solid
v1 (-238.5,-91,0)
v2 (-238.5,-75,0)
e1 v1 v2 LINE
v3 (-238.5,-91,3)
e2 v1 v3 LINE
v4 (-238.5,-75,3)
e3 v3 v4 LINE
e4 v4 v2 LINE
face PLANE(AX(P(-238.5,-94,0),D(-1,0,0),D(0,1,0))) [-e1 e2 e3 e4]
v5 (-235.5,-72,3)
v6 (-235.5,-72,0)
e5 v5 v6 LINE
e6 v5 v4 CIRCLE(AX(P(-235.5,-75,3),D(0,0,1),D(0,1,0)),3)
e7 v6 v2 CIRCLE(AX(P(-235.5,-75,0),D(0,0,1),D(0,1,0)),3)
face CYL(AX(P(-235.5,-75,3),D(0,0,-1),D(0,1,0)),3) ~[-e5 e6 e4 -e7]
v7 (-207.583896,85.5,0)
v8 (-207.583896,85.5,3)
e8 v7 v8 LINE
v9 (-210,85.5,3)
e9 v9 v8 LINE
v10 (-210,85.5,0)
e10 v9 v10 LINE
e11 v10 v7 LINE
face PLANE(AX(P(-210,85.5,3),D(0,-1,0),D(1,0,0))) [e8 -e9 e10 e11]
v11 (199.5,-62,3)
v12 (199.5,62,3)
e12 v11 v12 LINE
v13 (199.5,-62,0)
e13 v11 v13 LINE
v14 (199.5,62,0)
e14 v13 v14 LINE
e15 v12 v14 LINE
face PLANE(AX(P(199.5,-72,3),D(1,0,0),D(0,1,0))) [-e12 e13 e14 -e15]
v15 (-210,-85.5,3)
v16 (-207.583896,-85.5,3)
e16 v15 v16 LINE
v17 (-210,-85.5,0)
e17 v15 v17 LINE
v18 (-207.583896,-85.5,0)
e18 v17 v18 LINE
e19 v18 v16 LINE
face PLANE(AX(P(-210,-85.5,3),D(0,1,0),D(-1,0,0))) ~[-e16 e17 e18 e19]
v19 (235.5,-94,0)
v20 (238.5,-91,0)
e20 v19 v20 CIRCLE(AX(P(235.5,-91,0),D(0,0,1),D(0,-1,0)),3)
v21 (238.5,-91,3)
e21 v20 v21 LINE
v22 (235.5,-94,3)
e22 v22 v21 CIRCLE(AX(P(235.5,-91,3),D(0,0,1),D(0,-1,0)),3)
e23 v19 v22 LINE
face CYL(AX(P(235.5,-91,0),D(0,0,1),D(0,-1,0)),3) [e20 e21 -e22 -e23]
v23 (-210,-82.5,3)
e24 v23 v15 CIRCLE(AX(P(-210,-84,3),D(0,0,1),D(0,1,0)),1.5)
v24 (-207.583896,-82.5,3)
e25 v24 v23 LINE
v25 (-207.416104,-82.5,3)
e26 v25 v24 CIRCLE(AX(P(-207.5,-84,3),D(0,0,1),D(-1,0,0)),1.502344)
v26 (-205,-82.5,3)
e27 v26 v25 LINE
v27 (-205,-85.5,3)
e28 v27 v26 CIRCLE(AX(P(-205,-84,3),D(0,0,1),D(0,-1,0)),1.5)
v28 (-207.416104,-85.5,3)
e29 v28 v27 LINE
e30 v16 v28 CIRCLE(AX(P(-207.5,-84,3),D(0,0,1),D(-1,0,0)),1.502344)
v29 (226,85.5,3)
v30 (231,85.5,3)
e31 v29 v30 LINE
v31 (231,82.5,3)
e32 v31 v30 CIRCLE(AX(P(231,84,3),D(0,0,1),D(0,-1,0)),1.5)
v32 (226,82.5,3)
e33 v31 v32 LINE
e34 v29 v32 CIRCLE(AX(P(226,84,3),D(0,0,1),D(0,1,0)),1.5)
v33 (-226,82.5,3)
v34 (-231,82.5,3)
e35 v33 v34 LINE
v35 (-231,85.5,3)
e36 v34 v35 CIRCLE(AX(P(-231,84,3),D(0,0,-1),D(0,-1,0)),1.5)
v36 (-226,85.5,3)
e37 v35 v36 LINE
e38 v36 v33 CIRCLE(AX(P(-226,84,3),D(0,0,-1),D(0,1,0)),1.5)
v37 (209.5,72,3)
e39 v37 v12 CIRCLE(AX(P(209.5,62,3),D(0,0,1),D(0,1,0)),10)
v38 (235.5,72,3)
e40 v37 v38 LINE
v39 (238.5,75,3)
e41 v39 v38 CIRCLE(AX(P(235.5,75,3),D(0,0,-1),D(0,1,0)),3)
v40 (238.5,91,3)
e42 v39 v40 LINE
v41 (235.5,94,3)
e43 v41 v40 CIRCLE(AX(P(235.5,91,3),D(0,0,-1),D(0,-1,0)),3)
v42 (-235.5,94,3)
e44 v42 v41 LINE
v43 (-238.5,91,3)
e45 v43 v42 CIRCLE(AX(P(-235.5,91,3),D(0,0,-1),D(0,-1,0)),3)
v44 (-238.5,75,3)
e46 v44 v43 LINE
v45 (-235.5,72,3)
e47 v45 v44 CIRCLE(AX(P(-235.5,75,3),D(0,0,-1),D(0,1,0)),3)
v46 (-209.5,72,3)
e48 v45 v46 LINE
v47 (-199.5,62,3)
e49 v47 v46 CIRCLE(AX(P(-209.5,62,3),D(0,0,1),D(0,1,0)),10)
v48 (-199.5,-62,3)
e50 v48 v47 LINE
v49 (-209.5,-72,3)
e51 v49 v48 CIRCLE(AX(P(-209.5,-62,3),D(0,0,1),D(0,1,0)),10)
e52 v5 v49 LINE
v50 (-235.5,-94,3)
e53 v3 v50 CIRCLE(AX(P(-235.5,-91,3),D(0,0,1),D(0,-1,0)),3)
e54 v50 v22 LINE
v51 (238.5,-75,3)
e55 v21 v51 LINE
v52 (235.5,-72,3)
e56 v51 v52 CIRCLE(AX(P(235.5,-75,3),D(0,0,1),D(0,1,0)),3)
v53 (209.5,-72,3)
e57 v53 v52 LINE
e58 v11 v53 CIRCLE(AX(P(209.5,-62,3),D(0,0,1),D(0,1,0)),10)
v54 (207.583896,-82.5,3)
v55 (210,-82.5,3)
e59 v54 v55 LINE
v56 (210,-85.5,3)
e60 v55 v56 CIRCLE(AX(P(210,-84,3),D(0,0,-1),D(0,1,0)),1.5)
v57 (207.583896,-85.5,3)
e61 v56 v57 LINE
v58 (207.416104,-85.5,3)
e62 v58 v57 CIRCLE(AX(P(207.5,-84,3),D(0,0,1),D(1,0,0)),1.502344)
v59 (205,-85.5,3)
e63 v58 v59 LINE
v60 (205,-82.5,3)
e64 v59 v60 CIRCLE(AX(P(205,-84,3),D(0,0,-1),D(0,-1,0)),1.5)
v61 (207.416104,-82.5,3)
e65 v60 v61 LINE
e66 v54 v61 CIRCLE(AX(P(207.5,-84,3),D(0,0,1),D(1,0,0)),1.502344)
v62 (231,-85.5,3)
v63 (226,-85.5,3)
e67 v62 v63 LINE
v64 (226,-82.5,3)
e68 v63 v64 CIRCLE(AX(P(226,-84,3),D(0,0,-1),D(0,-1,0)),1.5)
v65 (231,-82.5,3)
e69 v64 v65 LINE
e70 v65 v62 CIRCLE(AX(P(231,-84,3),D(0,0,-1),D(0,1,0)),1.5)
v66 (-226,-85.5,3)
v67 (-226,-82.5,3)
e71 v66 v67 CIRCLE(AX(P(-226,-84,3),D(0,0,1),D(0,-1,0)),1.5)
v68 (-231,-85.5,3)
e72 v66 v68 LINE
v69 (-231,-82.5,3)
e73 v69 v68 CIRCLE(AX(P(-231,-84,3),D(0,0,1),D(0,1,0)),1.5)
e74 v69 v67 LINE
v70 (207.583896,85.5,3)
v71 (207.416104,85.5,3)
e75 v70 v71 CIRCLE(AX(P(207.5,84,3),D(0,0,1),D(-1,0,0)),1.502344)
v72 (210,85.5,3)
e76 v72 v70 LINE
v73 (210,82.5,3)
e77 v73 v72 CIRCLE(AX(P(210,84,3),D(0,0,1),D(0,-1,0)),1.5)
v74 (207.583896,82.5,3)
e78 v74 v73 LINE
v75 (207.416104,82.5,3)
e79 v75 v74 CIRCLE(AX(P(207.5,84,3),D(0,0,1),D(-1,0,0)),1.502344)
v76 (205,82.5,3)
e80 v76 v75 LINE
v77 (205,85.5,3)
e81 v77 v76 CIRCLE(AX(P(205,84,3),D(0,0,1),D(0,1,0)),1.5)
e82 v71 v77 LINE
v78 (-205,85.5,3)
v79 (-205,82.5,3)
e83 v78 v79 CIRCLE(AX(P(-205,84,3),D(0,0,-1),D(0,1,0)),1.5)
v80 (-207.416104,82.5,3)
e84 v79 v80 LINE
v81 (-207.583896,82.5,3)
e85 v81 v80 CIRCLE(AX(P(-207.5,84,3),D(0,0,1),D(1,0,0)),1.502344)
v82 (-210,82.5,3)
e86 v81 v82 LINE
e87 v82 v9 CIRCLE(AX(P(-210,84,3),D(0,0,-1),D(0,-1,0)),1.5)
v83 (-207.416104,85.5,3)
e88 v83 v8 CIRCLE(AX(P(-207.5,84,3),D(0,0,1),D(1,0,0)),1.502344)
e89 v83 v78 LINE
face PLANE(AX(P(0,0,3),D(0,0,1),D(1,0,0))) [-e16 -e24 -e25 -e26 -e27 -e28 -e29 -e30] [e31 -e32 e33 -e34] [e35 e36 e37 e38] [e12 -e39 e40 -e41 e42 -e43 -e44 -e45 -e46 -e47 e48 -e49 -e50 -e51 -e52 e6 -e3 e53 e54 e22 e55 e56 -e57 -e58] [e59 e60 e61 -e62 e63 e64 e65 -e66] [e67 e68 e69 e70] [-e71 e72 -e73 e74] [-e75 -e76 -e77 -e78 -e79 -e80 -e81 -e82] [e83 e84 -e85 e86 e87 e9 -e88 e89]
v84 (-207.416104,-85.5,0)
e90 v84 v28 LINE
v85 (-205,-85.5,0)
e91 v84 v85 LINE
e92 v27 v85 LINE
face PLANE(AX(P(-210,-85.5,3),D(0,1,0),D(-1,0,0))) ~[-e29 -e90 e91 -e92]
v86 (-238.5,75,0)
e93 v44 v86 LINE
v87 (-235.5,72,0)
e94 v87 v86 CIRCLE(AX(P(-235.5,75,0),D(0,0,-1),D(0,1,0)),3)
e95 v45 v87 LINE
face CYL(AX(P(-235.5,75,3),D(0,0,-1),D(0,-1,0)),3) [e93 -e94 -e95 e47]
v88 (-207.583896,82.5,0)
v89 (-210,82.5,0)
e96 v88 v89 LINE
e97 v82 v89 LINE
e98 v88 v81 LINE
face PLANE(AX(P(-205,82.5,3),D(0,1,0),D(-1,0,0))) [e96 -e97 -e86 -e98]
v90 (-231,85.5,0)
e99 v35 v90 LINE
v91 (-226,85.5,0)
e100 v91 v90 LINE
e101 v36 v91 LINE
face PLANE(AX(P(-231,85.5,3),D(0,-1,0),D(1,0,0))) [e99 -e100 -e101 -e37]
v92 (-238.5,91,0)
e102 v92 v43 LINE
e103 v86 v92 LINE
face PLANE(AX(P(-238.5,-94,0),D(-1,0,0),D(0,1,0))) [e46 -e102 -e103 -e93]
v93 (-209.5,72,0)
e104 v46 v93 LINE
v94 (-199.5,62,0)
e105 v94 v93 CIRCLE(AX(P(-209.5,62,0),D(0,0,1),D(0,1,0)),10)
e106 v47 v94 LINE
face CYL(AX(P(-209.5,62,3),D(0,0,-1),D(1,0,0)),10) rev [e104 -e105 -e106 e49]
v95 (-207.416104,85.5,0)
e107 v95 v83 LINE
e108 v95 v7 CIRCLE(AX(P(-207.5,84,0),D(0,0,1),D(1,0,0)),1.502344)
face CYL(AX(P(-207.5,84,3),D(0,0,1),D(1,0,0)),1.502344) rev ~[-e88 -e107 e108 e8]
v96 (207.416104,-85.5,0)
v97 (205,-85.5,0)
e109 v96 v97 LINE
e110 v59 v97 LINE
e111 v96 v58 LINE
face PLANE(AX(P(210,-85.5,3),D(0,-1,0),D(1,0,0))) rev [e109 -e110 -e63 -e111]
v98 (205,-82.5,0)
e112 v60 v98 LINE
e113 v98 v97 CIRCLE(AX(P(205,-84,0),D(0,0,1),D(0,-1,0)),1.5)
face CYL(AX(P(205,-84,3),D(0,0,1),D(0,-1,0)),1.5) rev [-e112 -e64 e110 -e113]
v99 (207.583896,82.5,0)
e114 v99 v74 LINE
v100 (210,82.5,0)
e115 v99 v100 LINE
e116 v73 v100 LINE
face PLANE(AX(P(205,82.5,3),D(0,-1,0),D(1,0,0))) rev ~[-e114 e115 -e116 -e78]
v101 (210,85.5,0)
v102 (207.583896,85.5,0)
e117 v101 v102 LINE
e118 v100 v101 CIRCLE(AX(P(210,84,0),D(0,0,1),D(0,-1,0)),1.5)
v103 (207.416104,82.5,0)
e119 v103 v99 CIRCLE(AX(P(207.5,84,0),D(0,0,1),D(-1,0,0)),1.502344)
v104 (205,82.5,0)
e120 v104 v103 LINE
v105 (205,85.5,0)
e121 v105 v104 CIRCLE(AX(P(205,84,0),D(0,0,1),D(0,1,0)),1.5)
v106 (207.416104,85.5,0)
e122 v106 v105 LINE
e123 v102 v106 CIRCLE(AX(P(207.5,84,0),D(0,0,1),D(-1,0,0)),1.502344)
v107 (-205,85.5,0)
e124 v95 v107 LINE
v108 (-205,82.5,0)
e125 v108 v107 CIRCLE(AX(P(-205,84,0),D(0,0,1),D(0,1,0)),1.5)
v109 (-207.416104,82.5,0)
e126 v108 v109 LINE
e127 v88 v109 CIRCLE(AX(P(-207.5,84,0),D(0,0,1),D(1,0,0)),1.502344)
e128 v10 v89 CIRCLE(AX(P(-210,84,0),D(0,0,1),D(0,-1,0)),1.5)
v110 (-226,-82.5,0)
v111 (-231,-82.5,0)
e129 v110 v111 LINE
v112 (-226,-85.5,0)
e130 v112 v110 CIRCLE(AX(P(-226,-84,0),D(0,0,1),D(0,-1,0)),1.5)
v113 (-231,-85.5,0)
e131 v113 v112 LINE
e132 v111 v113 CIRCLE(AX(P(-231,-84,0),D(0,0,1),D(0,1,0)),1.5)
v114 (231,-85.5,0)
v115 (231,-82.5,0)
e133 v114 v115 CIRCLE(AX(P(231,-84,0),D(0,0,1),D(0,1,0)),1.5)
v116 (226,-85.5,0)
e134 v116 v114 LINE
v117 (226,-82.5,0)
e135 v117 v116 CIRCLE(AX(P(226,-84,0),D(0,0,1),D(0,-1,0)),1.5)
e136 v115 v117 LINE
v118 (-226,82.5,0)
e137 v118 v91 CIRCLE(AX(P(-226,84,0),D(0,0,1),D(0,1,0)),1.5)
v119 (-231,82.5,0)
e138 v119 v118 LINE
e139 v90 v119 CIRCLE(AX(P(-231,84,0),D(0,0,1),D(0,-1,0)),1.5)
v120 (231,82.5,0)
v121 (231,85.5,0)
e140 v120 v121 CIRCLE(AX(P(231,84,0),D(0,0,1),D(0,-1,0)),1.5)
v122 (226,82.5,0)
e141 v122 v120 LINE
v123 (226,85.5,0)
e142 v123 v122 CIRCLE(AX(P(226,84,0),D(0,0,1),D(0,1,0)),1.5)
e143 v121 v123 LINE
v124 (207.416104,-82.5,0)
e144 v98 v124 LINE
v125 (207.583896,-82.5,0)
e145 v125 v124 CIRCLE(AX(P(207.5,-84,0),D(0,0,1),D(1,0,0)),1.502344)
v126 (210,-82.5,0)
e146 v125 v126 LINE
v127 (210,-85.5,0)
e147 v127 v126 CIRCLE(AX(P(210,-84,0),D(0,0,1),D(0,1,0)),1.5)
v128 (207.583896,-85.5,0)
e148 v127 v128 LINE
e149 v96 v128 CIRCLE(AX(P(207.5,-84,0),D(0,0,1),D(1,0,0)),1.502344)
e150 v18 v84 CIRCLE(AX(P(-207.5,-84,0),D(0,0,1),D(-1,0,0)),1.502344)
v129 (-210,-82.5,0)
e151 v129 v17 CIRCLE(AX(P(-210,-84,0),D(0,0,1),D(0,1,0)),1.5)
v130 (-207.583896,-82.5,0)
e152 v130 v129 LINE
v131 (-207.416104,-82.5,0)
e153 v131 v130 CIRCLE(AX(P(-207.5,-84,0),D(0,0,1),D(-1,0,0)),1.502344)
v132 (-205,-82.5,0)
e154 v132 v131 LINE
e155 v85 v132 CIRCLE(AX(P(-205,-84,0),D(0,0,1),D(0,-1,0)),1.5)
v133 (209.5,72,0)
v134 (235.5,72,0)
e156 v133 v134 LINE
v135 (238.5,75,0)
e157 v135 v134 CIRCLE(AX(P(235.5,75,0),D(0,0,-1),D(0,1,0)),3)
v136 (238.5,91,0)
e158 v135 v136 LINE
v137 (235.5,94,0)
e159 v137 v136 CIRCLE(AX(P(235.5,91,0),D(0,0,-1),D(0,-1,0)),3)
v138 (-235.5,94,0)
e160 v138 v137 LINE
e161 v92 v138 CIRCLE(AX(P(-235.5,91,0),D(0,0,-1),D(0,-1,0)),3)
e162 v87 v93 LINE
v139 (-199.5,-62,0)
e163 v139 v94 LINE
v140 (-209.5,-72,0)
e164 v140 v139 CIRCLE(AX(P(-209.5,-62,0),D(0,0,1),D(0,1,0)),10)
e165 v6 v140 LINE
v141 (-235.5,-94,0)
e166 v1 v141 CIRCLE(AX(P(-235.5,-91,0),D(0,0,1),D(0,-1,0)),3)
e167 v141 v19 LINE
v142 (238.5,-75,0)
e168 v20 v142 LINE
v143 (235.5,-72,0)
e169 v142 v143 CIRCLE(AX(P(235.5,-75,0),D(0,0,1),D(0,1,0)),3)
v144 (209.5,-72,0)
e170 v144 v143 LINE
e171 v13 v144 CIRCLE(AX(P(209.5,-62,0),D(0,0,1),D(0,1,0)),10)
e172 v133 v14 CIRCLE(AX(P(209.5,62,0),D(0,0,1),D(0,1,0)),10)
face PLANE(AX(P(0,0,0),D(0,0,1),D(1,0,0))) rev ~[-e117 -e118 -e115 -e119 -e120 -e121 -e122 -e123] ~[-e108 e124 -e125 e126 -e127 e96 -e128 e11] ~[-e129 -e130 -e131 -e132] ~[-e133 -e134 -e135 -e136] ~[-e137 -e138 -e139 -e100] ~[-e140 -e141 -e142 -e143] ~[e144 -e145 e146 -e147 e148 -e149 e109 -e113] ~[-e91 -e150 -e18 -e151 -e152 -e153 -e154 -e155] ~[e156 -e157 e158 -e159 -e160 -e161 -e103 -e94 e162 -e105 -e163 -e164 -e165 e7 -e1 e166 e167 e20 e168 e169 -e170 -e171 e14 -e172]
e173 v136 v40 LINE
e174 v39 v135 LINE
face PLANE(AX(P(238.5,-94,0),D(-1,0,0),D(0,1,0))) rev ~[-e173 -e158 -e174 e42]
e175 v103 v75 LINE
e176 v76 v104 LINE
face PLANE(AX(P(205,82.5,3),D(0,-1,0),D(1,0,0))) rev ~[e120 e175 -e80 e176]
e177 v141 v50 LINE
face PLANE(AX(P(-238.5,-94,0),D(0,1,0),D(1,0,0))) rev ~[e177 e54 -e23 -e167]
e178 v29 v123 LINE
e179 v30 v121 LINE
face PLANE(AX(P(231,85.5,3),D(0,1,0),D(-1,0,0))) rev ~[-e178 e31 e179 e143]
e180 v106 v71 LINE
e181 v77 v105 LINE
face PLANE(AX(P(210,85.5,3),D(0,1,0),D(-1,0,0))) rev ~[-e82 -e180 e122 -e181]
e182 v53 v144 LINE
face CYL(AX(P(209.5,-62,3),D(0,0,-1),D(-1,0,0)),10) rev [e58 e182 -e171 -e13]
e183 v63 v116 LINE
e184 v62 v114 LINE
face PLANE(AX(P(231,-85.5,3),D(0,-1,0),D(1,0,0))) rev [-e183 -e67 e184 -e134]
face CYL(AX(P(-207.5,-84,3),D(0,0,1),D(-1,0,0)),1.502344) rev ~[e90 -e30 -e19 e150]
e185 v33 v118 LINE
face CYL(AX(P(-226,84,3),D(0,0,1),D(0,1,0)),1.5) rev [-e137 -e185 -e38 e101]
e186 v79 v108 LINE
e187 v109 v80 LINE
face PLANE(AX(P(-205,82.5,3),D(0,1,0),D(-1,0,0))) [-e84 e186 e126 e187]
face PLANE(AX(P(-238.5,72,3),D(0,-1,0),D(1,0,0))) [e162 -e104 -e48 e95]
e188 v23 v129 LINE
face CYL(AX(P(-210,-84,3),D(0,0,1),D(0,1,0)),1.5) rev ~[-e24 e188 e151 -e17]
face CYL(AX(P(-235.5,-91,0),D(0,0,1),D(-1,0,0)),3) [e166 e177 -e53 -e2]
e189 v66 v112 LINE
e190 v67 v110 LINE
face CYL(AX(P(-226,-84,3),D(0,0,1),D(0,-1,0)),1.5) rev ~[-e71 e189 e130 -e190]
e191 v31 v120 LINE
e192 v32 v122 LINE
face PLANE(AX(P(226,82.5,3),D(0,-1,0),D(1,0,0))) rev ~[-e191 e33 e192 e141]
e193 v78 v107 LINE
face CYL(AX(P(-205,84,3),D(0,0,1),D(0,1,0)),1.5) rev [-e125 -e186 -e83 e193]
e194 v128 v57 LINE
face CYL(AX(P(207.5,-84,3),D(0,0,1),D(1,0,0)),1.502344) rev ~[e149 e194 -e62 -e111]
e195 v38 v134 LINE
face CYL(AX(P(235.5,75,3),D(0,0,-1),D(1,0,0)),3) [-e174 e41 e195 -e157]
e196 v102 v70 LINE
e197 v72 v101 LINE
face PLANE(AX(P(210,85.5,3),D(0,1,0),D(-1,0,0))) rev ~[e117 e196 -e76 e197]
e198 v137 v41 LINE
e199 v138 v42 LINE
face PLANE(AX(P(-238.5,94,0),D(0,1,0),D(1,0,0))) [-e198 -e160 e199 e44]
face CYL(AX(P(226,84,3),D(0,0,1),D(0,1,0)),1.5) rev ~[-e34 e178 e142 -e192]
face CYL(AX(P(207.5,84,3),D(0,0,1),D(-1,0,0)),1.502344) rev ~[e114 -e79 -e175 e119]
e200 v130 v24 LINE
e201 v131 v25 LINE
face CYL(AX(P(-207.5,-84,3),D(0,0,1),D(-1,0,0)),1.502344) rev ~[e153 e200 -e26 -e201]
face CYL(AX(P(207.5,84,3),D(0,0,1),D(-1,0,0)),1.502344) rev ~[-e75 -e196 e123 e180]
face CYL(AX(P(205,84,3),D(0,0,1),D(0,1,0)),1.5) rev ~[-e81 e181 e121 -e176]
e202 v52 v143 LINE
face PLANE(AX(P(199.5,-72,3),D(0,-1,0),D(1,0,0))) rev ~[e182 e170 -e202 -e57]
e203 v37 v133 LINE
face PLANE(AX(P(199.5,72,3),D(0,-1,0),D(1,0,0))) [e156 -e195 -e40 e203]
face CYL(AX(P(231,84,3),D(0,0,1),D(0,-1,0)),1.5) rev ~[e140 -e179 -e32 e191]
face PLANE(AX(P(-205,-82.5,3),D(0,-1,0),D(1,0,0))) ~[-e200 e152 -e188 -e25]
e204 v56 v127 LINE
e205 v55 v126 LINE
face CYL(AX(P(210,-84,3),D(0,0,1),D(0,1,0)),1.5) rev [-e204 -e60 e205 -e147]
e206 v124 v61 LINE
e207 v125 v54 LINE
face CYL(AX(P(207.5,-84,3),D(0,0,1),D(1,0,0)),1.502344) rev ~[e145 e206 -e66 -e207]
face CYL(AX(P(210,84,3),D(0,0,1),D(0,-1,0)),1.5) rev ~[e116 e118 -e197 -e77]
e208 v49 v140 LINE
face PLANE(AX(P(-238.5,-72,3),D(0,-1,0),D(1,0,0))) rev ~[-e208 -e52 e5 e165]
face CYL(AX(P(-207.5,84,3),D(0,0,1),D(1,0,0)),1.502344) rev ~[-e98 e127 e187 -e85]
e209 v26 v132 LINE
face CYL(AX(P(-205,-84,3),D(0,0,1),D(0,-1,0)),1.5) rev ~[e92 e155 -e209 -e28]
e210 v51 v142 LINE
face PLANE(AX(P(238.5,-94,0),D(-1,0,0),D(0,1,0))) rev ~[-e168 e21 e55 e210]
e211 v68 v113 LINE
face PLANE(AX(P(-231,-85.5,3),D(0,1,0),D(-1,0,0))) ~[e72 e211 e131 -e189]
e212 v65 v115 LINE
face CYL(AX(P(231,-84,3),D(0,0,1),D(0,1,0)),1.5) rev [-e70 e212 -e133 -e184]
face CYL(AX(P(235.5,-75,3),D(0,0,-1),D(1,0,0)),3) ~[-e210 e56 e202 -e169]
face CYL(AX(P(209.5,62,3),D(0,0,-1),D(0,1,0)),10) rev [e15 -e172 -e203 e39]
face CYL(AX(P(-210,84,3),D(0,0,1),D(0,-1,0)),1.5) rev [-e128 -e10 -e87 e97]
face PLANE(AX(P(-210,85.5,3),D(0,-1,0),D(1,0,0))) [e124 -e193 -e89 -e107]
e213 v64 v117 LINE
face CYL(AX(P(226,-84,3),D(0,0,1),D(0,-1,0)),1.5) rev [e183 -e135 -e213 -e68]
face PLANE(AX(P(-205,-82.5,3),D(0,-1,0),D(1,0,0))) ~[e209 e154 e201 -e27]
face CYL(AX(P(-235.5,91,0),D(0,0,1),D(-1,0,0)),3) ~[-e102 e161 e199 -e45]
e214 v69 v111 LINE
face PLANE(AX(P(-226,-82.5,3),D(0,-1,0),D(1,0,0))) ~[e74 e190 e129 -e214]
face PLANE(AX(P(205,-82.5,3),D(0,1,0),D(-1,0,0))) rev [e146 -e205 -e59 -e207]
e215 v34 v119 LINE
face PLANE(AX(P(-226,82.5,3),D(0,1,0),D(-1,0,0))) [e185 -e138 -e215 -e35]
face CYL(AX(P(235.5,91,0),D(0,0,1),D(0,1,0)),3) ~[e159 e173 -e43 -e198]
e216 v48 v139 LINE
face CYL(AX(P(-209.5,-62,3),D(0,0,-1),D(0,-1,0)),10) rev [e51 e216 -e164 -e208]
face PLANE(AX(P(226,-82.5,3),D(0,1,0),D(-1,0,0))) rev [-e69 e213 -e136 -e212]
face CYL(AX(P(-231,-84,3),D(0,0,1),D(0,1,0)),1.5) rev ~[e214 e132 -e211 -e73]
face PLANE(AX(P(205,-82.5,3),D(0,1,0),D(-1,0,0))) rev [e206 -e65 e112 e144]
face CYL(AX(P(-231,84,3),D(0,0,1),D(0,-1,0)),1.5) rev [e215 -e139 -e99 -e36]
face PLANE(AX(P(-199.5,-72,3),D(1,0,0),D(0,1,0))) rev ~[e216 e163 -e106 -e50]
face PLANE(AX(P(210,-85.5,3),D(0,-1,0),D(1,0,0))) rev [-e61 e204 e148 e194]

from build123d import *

# Parameters (mm, degrees)
SKETCH_1_W          = 477
SKETCH_1_H          = 188
EXTRUDE_1_DEPTH     = 3
SKETCH_2_R          = 1.5
SKETCH_2_R_2        = 1.502344372
CUT_EXTRUDE_1_DEPTH = 257.373263037
CUT_EXTRUDE_3_DEPTH = 10
SKETCH_3_W          = 39
SKETCH_3_H          = 144
CUT_EXTRUDE_4_DEPTH = 10
FILLET_1_R          = 10
FILLET_2_R          = 3


with BuildPart() as part:
    # 草图1 → 凸台-拉伸1 (new body)
    with BuildSketch(Plane.XY):
        Rectangle(SKETCH_1_W, SKETCH_1_H)
    extrude(amount=EXTRUDE_1_DEPTH)

    # 草图2 → 切除-拉伸1 (cut, through all)
    with BuildSketch(Plane.XY.offset(3)):
        with Locations((228.5, 84)):
            Circle(SKETCH_2_R)
        with Locations((-228.5, 84)):
            Circle(SKETCH_2_R)
        with Locations((-228.5, -84)):
            Circle(SKETCH_2_R)
        with Locations((228.5, -84)):
            Circle(SKETCH_2_R)
        with Locations((207.5, -84)):
            Circle(SKETCH_2_R_2)
        with Locations(Location((207.5, 84, 0), (0, 0, 180))):
            Circle(SKETCH_2_R_2)
        with Locations(Location((-207.5, -84, 0), (0, 0, 180))):
            Circle(SKETCH_2_R_2)
        with Locations((-207.5, 84)):
            Circle(SKETCH_2_R_2)
    extrude(amount=-CUT_EXTRUDE_1_DEPTH, mode=Mode.SUBTRACT)

    # 草图4 → 切除-拉伸3 (cut)
    with BuildSketch(Plane.XY.offset(3)):
        with BuildLine():
            Line((-231, 85.5), (-226, 85.5))
            ThreePointArc((-226, 85.5), (-224.5, 84), (-226, 82.5))
            Line((-226, 82.5), (-231, 82.5))
            ThreePointArc((-231, 82.5), (-232.5, 84), (-231, 85.5))
        make_face()
        with BuildLine():
            Line((-210, 85.5), (-205, 85.5))
            ThreePointArc((-205, 85.5), (-203.5, 84), (-205, 82.5))
            Line((-205, 82.5), (-210, 82.5))
            ThreePointArc((-210, 82.5), (-211.5, 84), (-210, 85.5))
        make_face()
        with BuildLine():
            Line((231, 85.5), (226, 85.5))
            ThreePointArc((226, 85.5), (224.5, 84), (226, 82.5))
            Line((226, 82.5), (231, 82.5))
            ThreePointArc((231, 82.5), (232.5, 84), (231, 85.5))
        make_face()
        with BuildLine():
            Line((210, 85.5), (205, 85.5))
            ThreePointArc((205, 85.5), (203.5, 84), (205, 82.5))
            Line((205, 82.5), (210, 82.5))
            ThreePointArc((210, 82.5), (211.5, 84), (210, 85.5))
        make_face()
    cut_extrude_3 = extrude(amount=-CUT_EXTRUDE_3_DEPTH, mode=Mode.SUBTRACT)

    # 镜向1: 切除-拉伸3 across plane
    add(cut_extrude_3.mirror(Plane.ZX), mode=Mode.SUBTRACT)

    # 草图3 → 切除-拉伸4 (cut)
    with BuildSketch(Plane.XY.offset(3)):
        with Locations((219, 0)):
            Rectangle(SKETCH_3_W, SKETCH_3_H)
        with Locations((-219, 0)):
            Rectangle(SKETCH_3_W, SKETCH_3_H)
    extrude(amount=-CUT_EXTRUDE_4_DEPTH, mode=Mode.SUBTRACT)

    # 圆角1
    fillet_1_edges = [part.edges().sort_by_distance(p)[0] for p in [
        (199.5, -72, 1.5),
        (199.5, 72, 1.5),
        (-199.5, 72, 1.5),
        (-199.5, -72, 1.5),
    ]]
    fillet(fillet_1_edges, radius=FILLET_1_R)

    # 圆角2
    fillet_2_edges = [part.edges().sort_by_distance(p)[0] for p in [
        (-238.5, 72, 1.5),
        (-238.5, -72, 1.5),
        (238.5, 72, 1.5),
        (238.5, -72, 1.5),
        (238.5, -94, 1.5),
        (-238.5, -94, 1.5),
        (-238.5, 94, 1.5),
        (238.5, 94, 1.5),
    ]]
    fillet(fillet_2_edges, radius=FILLET_2_R)


solid = part.part
